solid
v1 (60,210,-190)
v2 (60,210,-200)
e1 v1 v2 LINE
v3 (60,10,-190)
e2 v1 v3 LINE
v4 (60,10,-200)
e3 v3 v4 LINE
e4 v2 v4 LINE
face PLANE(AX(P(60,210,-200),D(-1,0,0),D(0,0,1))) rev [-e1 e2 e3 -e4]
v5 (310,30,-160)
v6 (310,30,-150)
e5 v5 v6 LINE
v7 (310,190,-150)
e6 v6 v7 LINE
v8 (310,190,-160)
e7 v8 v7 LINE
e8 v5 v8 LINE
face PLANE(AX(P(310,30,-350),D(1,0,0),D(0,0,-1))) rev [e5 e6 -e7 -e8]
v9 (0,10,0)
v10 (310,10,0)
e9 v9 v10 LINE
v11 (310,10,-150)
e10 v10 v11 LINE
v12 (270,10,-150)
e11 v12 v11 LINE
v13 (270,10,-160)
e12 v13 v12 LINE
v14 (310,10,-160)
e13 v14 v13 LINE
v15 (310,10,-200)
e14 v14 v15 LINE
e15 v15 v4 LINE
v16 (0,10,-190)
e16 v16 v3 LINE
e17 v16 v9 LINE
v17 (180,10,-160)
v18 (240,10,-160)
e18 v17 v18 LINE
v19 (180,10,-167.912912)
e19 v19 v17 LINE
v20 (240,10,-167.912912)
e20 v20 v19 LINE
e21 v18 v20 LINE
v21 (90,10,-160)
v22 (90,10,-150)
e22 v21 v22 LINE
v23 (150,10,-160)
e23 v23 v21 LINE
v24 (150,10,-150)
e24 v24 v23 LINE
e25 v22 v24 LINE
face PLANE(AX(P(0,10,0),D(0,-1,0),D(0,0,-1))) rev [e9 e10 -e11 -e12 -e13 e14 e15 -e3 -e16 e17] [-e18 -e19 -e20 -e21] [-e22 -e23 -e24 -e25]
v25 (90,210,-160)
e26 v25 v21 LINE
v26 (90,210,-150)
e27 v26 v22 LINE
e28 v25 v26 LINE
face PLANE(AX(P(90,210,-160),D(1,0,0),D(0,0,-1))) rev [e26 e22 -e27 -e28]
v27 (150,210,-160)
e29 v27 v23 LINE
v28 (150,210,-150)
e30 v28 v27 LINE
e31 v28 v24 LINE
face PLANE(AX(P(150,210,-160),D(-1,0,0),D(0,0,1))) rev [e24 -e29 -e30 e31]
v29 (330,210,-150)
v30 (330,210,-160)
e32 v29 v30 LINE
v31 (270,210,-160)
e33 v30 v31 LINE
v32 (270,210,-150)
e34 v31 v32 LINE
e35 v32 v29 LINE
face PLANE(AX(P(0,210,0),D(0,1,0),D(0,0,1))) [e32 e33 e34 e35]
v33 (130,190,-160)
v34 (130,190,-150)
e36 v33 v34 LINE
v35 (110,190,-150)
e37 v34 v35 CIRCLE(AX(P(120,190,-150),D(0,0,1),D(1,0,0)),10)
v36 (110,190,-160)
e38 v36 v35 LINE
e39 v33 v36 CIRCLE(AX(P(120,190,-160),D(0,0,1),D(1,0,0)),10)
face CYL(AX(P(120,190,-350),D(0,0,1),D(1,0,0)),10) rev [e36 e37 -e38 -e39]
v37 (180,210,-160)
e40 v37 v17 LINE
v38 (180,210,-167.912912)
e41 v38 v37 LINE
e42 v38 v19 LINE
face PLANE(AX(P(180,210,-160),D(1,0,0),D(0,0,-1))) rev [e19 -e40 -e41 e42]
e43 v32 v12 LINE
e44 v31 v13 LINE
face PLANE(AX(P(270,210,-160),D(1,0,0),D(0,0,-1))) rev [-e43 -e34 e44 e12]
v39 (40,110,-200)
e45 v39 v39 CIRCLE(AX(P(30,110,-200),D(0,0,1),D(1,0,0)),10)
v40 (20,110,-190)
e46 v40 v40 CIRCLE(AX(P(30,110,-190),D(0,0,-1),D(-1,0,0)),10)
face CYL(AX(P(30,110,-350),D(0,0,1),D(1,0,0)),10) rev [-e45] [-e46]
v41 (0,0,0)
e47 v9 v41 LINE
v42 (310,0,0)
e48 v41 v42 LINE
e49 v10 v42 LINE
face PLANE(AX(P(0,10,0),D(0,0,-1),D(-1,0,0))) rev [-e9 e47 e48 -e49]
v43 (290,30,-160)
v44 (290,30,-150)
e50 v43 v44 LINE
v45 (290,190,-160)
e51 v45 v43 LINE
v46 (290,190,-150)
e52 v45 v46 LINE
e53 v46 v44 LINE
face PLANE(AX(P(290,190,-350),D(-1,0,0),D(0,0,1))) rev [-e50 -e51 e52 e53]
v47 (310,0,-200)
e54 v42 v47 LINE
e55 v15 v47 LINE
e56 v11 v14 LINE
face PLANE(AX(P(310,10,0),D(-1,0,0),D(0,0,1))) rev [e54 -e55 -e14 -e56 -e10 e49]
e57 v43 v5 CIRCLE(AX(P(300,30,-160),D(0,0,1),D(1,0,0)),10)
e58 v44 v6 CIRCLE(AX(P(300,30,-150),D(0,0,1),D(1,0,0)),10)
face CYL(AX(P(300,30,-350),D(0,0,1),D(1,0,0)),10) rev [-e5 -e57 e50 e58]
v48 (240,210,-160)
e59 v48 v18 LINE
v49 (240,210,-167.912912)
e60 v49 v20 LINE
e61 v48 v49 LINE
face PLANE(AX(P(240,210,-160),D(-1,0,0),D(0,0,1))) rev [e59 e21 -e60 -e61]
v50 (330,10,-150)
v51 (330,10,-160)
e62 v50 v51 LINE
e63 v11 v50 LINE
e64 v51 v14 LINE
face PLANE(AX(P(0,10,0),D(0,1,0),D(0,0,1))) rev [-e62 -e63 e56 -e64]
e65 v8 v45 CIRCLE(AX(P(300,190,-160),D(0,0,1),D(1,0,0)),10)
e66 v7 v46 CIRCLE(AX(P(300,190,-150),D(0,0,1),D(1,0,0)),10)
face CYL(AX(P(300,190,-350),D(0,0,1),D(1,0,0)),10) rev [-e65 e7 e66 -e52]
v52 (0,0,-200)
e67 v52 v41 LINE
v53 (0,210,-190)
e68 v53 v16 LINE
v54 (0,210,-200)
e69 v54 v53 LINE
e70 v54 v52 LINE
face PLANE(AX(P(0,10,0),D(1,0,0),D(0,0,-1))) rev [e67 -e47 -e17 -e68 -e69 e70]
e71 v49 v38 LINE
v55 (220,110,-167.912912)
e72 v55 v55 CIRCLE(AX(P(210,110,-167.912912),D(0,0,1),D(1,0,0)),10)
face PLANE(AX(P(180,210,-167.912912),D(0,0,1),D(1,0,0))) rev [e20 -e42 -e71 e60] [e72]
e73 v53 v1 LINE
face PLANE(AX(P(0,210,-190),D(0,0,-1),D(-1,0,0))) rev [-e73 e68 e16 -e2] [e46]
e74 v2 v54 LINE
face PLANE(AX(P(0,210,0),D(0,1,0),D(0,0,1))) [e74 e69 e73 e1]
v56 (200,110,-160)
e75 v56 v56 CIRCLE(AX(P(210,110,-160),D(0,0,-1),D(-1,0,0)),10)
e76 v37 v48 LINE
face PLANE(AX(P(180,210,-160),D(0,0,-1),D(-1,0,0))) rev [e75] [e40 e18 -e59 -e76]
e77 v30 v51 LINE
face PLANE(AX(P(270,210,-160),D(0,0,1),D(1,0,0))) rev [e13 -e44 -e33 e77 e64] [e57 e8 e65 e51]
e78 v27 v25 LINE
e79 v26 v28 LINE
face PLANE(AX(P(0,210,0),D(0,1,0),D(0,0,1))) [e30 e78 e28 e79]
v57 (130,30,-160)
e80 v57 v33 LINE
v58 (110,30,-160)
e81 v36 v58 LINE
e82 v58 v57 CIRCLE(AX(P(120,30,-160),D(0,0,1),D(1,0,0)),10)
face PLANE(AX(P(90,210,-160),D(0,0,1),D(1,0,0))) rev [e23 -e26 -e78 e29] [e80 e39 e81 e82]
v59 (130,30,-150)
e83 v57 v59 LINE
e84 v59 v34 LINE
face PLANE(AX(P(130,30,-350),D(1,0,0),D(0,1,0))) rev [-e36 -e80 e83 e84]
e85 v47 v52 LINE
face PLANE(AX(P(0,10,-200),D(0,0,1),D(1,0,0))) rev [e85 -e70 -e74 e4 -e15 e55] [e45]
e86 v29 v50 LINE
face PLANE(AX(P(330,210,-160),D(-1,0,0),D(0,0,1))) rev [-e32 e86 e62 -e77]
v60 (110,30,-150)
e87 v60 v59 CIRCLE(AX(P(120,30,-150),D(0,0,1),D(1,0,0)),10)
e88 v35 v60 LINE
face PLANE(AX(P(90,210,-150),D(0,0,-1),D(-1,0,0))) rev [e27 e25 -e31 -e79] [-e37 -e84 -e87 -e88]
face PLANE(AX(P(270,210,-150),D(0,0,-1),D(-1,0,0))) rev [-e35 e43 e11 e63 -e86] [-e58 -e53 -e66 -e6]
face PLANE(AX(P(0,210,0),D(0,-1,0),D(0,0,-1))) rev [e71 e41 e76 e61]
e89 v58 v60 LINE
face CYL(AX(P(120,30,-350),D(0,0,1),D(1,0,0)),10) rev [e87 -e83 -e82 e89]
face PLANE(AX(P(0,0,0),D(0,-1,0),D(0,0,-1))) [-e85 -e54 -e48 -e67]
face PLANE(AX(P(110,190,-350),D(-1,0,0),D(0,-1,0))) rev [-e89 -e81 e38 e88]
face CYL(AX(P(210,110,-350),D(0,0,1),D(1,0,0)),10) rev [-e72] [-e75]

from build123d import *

# Parameters (mm, degrees)
SKETCH1_W           = 310
SKETCH1_H           = 200
BOSS_EXTRUDE1_DEPTH = 10
SKETCH2_W           = 60
SKETCH2_H           = 10
SKETCH2_H_2         = 7.912912389
BOSS_EXTRUDE2_DEPTH = 200
SKETCH3_R           = 10
CUT_EXTRUDE1_DEPTH  = 200


with BuildPart() as part:
    # Sketch1 → Boss-Extrude1 (new body)
    with BuildSketch(Plane(origin=(0, 0, 0), x_dir=(1, 0, 0), z_dir=(0, 1, 0))):
        with Locations((155, 100)):
            Rectangle(SKETCH1_W, SKETCH1_H)
    extrude(amount=BOSS_EXTRUDE1_DEPTH)

    # Sketch2 → Boss-Extrude2 (add)
    with BuildSketch(Plane(origin=(0, 10, 0), x_dir=(1, 0, 0), z_dir=(0, 1, 0))):
        with Locations((30, 195)):
            Rectangle(SKETCH2_W, SKETCH2_H)
        with Locations((120, 155)):
            Rectangle(SKETCH2_W, SKETCH2_H)
        with Locations((300, 155)):
            Rectangle(SKETCH2_W, SKETCH2_H)
        with Locations((210, 163.956456194)):
            Rectangle(SKETCH2_W, SKETCH2_H_2)
    extrude(amount=BOSS_EXTRUDE2_DEPTH)

    # Sketch3 → Cut-Extrude1 (cut)
    with BuildSketch(Plane.XY.offset(-150)):
        with Locations((30, 110)):
            Circle(SKETCH3_R)
        with Locations((210, 110)):
            Circle(SKETCH3_R)
        with BuildLine():
            Line((110, 190), (110, 30))
            ThreePointArc((110, 30), (120, 20), (130, 30))
            Line((130, 30), (130, 190))
            ThreePointArc((130, 190), (120, 200), (110, 190))
        make_face()
        with BuildLine():
            Line((290, 190), (290, 30))
            ThreePointArc((290, 30), (300, 20), (310, 30))
            Line((310, 30), (310, 190))
            ThreePointArc((310, 190), (300, 200), (290, 190))
        make_face()
    extrude(amount=-CUT_EXTRUDE1_DEPTH, mode=Mode.SUBTRACT)


solid = part.part
